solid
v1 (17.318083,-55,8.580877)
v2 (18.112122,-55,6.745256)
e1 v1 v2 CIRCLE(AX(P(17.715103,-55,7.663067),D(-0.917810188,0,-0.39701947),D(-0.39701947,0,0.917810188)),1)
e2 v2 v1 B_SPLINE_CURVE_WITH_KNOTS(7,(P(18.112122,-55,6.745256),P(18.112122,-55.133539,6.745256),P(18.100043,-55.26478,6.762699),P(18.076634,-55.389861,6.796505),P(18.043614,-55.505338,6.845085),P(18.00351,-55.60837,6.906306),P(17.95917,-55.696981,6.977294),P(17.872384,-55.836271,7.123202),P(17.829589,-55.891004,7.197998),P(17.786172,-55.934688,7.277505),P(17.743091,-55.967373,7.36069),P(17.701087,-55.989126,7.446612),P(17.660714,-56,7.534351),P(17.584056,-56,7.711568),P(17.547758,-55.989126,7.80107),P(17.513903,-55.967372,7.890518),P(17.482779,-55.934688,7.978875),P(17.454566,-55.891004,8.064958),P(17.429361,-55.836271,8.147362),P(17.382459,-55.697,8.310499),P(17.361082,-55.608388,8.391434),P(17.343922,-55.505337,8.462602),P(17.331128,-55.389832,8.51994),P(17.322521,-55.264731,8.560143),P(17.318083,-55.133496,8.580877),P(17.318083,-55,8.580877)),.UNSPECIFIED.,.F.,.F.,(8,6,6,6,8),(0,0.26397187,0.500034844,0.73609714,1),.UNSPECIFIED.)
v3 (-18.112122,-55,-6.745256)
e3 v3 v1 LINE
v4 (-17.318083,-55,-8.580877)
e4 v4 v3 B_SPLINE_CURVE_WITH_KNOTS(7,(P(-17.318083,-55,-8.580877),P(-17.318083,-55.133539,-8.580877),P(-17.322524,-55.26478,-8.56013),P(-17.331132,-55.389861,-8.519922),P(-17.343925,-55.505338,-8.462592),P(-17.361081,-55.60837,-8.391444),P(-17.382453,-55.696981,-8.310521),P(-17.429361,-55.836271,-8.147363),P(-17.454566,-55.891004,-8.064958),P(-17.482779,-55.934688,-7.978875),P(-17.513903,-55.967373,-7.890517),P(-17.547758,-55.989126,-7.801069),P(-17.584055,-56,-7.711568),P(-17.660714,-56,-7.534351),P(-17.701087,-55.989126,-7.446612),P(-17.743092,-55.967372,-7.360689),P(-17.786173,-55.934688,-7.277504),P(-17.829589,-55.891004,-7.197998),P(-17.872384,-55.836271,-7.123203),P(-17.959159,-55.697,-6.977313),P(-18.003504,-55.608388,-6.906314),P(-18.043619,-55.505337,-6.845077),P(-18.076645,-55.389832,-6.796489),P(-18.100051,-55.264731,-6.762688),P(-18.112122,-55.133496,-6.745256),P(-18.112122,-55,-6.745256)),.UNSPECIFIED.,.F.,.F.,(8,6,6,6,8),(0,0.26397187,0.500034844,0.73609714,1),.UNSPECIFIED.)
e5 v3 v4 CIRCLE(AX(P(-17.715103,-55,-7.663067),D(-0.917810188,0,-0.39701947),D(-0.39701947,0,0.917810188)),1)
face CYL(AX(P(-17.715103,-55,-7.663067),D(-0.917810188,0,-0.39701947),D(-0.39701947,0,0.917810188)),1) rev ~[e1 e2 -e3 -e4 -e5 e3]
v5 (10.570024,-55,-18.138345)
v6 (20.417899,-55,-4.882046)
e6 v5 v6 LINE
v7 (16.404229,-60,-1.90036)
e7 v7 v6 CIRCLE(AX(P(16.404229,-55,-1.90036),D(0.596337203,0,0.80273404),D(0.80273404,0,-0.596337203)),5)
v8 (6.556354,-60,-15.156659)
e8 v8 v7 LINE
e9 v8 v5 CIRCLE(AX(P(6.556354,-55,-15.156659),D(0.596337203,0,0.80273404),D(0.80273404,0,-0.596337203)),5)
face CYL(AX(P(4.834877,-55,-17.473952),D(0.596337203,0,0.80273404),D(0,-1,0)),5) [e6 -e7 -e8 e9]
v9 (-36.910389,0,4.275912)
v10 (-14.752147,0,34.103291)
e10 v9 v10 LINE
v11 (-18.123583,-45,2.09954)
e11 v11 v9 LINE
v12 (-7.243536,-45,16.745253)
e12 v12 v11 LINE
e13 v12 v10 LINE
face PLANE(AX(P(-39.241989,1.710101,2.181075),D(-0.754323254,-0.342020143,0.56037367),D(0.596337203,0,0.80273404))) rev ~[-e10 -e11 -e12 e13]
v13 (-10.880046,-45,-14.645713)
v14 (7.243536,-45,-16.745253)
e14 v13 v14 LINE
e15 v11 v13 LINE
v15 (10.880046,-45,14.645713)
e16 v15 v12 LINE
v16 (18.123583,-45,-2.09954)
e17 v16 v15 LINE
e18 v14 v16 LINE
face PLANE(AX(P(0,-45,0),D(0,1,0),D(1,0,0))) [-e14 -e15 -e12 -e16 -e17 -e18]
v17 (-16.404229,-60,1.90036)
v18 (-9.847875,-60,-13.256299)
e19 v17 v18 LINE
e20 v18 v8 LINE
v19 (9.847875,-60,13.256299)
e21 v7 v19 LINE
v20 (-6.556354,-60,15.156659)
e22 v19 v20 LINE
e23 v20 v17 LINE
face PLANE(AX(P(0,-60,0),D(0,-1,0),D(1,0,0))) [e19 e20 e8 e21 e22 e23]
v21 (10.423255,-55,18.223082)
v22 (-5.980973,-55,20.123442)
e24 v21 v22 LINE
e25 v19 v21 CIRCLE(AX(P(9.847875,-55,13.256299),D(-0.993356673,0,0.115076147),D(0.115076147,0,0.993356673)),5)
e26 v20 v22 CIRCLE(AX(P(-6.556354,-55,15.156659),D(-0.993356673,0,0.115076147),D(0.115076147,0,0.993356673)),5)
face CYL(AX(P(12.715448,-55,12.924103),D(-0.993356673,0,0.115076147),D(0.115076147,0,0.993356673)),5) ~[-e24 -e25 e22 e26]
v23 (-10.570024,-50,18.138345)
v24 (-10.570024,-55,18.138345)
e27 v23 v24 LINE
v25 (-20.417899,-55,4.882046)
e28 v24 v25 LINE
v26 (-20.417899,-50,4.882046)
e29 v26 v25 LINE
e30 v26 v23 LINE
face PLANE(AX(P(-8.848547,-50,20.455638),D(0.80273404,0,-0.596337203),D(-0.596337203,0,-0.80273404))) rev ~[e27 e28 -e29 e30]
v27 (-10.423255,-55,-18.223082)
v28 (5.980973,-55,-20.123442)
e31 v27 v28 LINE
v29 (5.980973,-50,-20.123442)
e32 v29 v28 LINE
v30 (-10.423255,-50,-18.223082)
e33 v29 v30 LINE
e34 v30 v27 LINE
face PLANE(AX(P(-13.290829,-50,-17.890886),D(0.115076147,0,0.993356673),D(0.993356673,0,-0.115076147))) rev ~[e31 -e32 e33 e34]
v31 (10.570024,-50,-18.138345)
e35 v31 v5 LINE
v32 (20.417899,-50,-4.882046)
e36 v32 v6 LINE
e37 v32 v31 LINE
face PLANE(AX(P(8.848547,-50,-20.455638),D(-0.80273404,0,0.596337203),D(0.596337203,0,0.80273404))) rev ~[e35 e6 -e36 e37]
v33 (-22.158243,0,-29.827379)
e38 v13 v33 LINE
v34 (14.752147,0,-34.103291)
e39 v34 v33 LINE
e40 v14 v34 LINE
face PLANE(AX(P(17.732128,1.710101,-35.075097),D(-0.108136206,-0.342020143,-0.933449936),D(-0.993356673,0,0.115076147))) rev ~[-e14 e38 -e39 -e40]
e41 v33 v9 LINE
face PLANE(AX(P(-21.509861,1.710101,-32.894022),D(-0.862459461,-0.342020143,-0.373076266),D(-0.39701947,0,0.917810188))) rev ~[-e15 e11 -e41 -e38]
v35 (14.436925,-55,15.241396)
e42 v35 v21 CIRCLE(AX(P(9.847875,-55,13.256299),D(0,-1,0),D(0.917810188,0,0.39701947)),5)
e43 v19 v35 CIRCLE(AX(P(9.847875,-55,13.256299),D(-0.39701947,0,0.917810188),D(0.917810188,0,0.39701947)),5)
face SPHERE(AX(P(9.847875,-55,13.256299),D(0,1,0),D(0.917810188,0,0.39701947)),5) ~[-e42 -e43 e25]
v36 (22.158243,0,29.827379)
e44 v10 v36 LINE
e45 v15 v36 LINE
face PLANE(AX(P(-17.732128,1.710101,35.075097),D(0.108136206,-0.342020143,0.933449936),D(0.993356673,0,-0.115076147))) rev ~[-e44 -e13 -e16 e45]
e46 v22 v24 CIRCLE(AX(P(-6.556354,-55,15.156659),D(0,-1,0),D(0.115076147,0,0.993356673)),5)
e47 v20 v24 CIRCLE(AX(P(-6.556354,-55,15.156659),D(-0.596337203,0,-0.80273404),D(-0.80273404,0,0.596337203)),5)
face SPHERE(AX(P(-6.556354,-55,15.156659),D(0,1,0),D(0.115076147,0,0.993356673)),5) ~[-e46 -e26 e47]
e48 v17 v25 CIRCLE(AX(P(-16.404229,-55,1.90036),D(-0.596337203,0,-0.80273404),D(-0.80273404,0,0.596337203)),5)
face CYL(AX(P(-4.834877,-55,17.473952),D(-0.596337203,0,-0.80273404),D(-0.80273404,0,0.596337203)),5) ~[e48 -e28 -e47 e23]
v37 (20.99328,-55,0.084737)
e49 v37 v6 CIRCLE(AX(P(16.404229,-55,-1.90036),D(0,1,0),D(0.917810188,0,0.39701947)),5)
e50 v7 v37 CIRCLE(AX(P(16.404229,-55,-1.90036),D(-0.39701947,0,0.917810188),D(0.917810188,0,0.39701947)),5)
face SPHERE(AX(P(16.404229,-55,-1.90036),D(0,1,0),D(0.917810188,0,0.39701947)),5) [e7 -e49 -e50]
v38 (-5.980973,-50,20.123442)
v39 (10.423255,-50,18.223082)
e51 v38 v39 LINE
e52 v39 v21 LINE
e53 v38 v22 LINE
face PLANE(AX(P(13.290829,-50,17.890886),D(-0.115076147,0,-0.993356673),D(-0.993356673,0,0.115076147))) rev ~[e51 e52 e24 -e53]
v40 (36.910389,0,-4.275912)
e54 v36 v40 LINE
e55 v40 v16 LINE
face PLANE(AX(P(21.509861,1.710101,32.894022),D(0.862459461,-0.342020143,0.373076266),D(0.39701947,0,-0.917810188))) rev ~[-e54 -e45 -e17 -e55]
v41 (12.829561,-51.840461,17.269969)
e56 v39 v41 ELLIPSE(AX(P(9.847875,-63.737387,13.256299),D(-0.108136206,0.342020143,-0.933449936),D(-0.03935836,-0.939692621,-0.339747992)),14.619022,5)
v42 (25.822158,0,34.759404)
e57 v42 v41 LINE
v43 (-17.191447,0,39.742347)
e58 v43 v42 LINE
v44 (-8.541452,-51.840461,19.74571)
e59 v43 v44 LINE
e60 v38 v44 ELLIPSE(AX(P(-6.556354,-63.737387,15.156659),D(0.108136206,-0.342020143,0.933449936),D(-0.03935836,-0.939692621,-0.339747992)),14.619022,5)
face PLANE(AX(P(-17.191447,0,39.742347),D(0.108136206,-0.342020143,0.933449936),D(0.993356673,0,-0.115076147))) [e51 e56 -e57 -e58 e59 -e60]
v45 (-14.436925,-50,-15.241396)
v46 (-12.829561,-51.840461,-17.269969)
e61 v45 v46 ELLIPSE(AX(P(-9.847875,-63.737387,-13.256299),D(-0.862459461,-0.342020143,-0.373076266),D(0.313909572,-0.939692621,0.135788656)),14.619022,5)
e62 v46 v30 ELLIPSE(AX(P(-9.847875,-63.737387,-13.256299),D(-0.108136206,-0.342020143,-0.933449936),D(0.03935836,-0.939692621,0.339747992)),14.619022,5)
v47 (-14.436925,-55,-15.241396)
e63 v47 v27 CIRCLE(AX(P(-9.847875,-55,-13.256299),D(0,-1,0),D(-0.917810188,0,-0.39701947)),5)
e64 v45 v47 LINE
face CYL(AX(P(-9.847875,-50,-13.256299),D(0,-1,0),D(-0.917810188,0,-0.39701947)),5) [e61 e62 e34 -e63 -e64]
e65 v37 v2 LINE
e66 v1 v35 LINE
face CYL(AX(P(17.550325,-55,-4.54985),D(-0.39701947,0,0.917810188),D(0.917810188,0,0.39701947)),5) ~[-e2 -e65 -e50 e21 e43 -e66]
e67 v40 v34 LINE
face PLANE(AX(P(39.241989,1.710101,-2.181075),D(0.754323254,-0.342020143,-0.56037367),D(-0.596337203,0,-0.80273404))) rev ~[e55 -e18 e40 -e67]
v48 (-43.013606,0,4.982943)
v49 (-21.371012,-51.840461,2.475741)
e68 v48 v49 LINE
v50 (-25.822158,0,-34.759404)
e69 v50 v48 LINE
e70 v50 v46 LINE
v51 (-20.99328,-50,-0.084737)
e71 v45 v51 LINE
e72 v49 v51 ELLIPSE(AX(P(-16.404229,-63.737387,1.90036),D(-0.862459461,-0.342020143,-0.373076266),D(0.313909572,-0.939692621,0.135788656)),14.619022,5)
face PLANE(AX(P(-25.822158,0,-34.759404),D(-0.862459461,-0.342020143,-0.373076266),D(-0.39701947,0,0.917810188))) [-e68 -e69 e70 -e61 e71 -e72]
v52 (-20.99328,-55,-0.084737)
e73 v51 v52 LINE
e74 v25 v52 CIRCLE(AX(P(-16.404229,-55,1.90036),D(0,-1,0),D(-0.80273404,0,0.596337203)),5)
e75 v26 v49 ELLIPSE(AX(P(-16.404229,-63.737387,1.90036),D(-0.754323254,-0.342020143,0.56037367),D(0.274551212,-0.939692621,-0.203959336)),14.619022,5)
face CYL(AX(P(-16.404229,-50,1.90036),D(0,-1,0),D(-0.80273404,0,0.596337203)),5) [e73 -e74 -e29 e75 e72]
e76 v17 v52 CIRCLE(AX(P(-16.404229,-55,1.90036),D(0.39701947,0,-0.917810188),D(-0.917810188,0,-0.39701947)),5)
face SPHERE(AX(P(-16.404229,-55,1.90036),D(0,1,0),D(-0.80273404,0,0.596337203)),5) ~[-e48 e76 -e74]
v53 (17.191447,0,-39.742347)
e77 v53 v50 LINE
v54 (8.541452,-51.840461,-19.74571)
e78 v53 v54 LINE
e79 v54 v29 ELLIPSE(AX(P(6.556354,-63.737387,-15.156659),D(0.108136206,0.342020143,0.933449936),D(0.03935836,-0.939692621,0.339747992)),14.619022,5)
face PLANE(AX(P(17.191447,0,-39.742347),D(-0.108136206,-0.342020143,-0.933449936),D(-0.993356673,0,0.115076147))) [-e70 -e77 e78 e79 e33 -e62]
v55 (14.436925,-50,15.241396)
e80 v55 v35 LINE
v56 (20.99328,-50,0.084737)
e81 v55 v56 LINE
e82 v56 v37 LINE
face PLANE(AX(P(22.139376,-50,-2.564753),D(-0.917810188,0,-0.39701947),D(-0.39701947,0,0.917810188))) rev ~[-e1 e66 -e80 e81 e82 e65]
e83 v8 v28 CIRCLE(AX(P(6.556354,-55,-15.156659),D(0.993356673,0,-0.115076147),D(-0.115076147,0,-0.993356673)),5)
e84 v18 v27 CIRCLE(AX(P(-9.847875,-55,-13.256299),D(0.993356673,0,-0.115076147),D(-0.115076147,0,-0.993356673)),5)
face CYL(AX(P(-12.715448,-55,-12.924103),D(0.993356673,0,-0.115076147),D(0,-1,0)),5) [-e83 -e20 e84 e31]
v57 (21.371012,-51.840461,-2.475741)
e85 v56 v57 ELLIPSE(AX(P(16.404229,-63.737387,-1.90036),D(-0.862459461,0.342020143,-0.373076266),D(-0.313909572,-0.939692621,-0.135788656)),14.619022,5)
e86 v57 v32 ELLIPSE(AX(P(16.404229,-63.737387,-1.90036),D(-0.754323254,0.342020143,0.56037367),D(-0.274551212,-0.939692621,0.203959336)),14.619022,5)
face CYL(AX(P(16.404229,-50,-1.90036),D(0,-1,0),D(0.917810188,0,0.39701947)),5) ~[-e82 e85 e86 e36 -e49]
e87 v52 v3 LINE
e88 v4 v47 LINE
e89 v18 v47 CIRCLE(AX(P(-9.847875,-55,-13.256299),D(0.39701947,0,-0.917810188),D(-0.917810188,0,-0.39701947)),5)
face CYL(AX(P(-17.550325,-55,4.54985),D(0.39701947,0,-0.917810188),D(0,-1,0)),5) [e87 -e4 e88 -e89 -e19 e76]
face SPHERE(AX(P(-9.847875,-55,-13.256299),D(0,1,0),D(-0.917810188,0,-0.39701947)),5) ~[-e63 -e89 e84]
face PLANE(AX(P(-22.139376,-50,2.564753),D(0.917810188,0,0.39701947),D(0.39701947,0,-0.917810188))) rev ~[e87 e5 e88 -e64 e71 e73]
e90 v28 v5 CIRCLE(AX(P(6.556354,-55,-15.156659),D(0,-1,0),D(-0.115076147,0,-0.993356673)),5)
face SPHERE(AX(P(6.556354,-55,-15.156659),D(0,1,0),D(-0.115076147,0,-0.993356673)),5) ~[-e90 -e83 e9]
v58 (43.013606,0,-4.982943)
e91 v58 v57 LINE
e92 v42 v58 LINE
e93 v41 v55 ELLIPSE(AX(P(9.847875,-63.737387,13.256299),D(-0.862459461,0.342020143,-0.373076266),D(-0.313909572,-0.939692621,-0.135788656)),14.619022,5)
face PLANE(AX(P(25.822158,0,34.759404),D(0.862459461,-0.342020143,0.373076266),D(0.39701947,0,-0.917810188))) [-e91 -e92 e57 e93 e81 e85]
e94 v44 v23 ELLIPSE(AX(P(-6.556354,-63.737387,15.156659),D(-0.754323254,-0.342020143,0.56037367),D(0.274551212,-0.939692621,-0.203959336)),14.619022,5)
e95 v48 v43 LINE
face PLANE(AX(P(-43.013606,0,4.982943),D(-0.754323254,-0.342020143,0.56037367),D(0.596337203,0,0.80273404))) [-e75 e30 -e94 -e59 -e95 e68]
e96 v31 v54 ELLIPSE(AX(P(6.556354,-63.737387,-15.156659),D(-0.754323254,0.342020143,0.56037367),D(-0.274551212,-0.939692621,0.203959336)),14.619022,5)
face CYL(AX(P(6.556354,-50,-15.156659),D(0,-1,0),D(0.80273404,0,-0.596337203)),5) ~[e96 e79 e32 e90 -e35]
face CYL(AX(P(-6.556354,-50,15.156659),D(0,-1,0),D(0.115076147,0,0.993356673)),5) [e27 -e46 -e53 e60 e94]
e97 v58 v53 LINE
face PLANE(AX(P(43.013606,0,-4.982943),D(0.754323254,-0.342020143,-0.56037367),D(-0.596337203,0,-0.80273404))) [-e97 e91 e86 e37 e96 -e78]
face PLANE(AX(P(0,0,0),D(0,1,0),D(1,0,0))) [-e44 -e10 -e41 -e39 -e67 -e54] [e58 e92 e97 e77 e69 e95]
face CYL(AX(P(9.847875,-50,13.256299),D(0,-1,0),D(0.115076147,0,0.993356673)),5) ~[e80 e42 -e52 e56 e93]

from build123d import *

# Parameters (mm, degrees)
BOSS_EXTRUDE1_DEPTH = 50
BOSS_EXTRUDE1_DRAFT = -20
SHELL3_T            = -5
BOSS_EXTRUDE3_DEPTH = 10
FILLET2_R           = 5
SKETCH12_R          = 1
CUT_EXTRUDE1_DEPTH  = 98.648600839


with BuildPart() as part:
    # Sketch3 → Boss-Extrude1 (with draft: the straight prism first)
    with BuildSketch(Plane(origin=(0, 0, 0), x_dir=(1, 0, 0), z_dir=(0, 1, 0))):
        Polygon((43.013605704, 4.982943342), (17.191447333, 39.742346919), (-25.822158371, 34.759403577), (-43.013605704, -4.982943342), (-17.191447333, -39.742346919), (25.822158371, -34.759403577), align=None)
    extrude(amount=-BOSS_EXTRUDE1_DEPTH)
    # Boss-Extrude1: the draft: its side faces are tilted about the plane it starts from
    boss_extrude1_sides = [part.faces().sort_by_distance(p)[0] for p in [
        (30.102526518, -25, -22.36264513),
        (-4.315355519, -25, -37.250875248),
        (-34.417882038, -25, -14.888230118),
        (-30.102526518, -25, 22.36264513),
        (4.315355519, -25, 37.250875248),
        (34.417882038, -25, 14.888230118),
    ]]
    draft(boss_extrude1_sides, Plane(origin=(0, 0, 0), x_dir=(1, 0, 0), z_dir=(0, 1, 0)), BOSS_EXTRUDE1_DRAFT)

    # Shell3
    shell3_openings = [part.faces().sort_by_distance(p)[0] for p in [
        (0, 0, 0),
    ]]
    offset(amount=SHELL3_T, openings=shell3_openings, kind=Kind.INTERSECTION)

    # Sketch11 → Boss-Extrude3 (add)
    with BuildSketch(Plane.XZ.offset(50)):
        Polygon((13.290828996, 17.890885893), (-8.848547182, 20.455638494), (-22.139376178, 2.564752601), (-13.290828996, -17.890885893), (8.848547182, -20.455638494), (22.139376178, -2.564752601), align=None)
    extrude(amount=BOSS_EXTRUDE3_DEPTH)

    # Fillet2
    fillet2_edges = [part.edges().sort_by_distance(p)[0] for p in [
        (22.139376178, -55, -2.564752601),
        (13.290828996, -55, 17.890885893),
        (-8.848547182, -55, 20.455638494),
        (-22.139376178, -55, 2.564752601),
        (-13.290828996, -55, -17.890885893),
        (8.848547182, -55, -20.455638494),
        (17.715102587, -60, 7.663066646),
        (2.221140907, -60, 19.173262194),
        (-15.49396168, -60, 11.510195548),
        (-17.715102587, -60, -7.663066646),
        (-2.221140907, -60, -19.173262194),
        (15.49396168, -60, -11.510195548),
    ]]
    fillet(fillet2_edges, radius=FILLET2_R)

    # Sketch12 → Cut-Extrude1 (cut, through all)
    with BuildSketch(Plane(origin=(-17.715102587, 0, -7.663066646), x_dir=(-0.39701946980837655, 0, 0.9178101876712176), z_dir=(-0.9178101876712177, 0, -0.3970194698083766))):
        with Locations((0, -55)):
            Circle(SKETCH12_R)
    extrude(amount=-CUT_EXTRUDE1_DEPTH, mode=Mode.SUBTRACT)


solid = part.part
